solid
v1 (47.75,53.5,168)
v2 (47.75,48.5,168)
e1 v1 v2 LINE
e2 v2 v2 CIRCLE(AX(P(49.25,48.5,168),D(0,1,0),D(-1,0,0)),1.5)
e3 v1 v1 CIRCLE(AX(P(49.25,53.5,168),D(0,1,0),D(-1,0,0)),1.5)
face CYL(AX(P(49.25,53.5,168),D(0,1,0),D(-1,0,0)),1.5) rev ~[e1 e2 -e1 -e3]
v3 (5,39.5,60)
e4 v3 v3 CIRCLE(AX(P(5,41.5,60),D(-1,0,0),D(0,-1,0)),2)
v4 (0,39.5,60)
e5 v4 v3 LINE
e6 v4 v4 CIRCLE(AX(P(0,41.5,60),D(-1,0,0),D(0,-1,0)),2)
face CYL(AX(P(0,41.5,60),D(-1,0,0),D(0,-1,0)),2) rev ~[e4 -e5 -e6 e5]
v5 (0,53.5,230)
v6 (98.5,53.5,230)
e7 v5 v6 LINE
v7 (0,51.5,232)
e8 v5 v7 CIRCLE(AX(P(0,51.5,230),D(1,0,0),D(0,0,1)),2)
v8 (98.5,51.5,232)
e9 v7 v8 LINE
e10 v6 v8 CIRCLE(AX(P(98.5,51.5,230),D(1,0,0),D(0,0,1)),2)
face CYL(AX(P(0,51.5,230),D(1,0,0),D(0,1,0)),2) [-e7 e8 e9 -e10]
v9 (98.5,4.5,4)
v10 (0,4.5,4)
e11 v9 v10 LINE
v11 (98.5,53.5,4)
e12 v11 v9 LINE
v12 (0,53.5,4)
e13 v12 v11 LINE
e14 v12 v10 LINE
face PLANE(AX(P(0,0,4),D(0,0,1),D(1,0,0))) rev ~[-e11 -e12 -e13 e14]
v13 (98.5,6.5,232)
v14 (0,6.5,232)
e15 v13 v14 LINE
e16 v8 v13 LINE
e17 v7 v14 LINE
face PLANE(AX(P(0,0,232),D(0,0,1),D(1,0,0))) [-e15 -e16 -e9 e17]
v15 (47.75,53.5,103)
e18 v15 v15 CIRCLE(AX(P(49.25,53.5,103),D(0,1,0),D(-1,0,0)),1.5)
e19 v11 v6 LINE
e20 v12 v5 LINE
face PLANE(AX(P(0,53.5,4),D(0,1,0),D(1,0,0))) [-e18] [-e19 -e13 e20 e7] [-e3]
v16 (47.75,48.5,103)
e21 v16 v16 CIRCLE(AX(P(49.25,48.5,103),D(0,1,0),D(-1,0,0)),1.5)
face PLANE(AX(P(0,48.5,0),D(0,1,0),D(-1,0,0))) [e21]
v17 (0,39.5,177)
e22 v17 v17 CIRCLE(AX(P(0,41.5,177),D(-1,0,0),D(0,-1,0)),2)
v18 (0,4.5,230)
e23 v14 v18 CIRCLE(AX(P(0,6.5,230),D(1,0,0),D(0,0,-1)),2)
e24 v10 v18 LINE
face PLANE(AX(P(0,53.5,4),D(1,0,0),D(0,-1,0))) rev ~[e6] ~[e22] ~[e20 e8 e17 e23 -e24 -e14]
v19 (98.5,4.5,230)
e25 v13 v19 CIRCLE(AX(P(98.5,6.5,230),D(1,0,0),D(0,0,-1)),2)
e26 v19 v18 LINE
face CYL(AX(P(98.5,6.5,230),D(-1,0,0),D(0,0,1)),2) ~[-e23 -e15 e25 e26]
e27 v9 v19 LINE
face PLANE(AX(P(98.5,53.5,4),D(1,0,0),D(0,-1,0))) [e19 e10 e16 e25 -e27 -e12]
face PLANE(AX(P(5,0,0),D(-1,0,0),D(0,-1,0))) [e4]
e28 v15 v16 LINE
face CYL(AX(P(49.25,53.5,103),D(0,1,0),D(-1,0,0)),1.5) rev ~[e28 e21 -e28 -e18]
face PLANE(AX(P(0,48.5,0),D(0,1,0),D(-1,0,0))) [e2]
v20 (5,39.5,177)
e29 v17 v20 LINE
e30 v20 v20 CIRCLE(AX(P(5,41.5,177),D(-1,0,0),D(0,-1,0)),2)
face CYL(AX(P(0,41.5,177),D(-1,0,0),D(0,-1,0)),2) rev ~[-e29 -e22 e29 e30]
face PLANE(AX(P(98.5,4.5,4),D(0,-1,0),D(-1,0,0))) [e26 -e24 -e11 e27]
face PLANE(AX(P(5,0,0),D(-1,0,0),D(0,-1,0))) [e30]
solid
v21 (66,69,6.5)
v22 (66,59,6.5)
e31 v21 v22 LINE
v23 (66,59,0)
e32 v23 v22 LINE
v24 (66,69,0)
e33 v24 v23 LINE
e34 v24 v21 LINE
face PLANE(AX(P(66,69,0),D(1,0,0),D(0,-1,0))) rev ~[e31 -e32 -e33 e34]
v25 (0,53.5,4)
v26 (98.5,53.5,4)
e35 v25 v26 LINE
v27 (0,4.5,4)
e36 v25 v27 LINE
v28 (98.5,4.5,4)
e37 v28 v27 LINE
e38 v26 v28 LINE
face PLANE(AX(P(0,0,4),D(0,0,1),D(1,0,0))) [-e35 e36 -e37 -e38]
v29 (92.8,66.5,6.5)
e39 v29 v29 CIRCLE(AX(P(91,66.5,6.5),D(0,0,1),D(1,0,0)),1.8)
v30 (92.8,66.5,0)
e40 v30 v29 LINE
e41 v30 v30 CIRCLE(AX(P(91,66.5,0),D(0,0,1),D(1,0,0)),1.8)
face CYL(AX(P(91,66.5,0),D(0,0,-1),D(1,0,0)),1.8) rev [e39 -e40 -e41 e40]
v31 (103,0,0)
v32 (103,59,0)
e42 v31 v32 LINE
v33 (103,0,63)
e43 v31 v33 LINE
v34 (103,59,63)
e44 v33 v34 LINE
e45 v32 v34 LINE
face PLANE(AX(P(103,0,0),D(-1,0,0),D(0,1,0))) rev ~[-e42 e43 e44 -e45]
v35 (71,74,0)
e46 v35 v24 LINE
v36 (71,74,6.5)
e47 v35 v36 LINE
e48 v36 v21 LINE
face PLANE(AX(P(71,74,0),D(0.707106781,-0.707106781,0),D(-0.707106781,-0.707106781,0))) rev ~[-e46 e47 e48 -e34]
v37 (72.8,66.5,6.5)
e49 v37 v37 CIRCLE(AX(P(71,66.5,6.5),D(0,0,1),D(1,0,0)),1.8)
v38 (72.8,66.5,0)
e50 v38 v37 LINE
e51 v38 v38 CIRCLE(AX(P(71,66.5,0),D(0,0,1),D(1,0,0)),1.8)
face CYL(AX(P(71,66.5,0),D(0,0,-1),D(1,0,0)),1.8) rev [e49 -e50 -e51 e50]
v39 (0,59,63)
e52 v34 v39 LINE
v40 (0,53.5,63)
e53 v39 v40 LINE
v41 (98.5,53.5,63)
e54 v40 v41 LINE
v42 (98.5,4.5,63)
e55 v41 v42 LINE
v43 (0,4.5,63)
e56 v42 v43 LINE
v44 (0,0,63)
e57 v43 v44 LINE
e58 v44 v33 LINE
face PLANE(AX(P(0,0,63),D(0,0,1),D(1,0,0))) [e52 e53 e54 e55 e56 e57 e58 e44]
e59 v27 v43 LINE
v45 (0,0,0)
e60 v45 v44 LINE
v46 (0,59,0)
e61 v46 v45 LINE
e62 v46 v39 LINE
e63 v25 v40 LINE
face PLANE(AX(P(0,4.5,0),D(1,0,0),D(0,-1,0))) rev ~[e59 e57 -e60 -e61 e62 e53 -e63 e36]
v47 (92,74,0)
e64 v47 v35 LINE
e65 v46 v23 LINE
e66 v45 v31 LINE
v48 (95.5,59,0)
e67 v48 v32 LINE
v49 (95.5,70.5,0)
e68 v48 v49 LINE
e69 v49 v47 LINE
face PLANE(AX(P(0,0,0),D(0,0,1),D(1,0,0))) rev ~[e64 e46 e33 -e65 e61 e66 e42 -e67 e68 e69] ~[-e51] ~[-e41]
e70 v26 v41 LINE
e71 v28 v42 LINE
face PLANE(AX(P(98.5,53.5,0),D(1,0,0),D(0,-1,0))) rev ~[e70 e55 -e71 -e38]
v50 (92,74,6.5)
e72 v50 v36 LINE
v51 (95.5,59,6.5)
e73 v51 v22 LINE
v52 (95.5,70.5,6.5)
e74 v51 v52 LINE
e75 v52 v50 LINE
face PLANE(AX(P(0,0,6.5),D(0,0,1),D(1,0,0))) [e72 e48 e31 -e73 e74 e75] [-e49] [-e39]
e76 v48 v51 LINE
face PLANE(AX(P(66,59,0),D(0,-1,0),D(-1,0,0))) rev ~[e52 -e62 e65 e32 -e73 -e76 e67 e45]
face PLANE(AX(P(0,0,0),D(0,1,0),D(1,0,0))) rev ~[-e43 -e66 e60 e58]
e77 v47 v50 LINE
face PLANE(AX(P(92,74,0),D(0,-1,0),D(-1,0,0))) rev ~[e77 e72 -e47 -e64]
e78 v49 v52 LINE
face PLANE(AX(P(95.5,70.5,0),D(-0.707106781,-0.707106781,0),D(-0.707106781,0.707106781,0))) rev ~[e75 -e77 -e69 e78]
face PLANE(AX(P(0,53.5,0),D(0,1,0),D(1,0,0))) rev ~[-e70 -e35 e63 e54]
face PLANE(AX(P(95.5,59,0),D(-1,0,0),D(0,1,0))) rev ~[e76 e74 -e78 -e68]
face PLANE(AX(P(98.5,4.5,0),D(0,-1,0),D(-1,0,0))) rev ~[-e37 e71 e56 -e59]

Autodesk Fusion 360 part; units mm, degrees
sketch "base" plane through (0, 0, 0) normal (0, 0, 1) x (1, 0, 0)
  line L0 (0, 0) -> (103, 0)
  line L1 (103, 0) -> (103, 59)
  line L2 (103, 59) -> (0, 59)
  line L3 (0, 59) -> (0, 0)
  line L4 (0, 53.5) -> (98.5, 53.5)
  line L5 (98.5, 53.5) -> (98.5, 4.5)
  line L6 (98.5, 4.5) -> (0, 4.5)
  line L7 (95.5, 59) -> (95.5, 70.5)
  line L8 (95.5, 70.5) -> (92, 74)
  line L9 (92, 74) -> (71, 74)
  line L10 (71, 74) -> (66, 69)
  line L11 (66, 69) -> (66, 59)
  circle A0 centre (91, 66.5) radius 1.8
  circle A1 centre (71, 66.5) radius 1.8
  line L12 (71, 66.5) -> (91, 66.5) construction
  dimension "d1" = 103
  dimension "d2" = 59
  dimension "d3" = 4.5
  dimension "d4" = 5.5
  dimension "d5" = 4.5
  dimension "d6" = 12
  dimension "d7" = 7.5
  dimension "d8" = 20
  dimension "d9" = 15
  dimension "d10" = 5
  dimension "d11" = 135
  dimension "d12" = 3.6
  dimension "d13" = 3.6
  dimension "d14" = 7.5
  dimension "d15" = 5
  dimension "d16" = 3.5
  dimension "d40" = 52
extrude "Extrude1" add sketch "base" along normal blind 63 contours L0 L1 L2 L3 L4 L5 L6 makes body 1
extrude "Extrude2" add sketch "base" along normal blind 4 contours L3 L4 L5 L6 bodies 1
extrude "Extrude3" add sketch "base" along normal blind 6.5 contours L2 L7 L8 L9 L10 L11 bodies 1
extrude "Extrude4" add 1 faces at (65.6667, 37.1667, 4) along direction (0, 0, 1) up to surface (228 mm away) separate body on bodies 1 makes body 2
sketch "mounting_holes" plane through (0, 53.5, 0) normal (0, 1, 0) x (-1, 0, 0)
  line L0 (0, 232) -> (-98.5, 232)
  line L1 (-98.5, 232) -> (-98.5, 4)
  line L2 (-98.5, 4) -> (0, 4)
  line L3 (0, 4) -> (0, 232)
  circle A0 centre (-49.25, 168) radius 1.5
  circle A1 centre (-49.25, 103) radius 1.5
  line L4 (-98.5, 4) -> (-98.5, 232)
  line L5 (0, 232) -> (-98.5, 232)
  line L6 (0, 4) -> (0, 232)
  line L7 (0, 168) -> (-98.5, 168) construction
  line L8 (0, 103) -> (-98.5, 103) construction
  dimension "d28" = 3
  dimension "d29" = 3
  dimension "d31" = 64
  dimension "d32" = 65
extrude "Extrude5" cut sketch "mounting_holes" against normal blind 5 contours A0 | A1 bodies 2
sketch "frame_ mounting_holes" plane through (0, 0, 0) normal (-1, 0, 0) x (0, -1, 0)
  line L0 (-4.5, 232) -> (-53.5, 232)
  line L1 (-53.5, 232) -> (-53.5, 4)
  line L2 (-53.5, 4) -> (-4.5, 4)
  line L3 (-4.5, 4) -> (-4.5, 232)
  line L4 (-53.5, 4) -> (-53.5, 232)
  line L5 (-4.5, 232) -> (-53.5, 232)
  circle A0 centre (-41.5, 177) radius 2
  circle A1 centre (-41.5, 60) radius 2
  line L6 (-41.5, 60) -> (-41.5, 177) construction
  dimension "d35" = 4
  dimension "d36" = 4
  dimension "d37" = 12
  dimension "d38" = 55
  dimension "d39" = 117
extrude "Extrude6" cut sketch "frame_ mounting_holes" against normal blind 5 contours A0 | A1 bodies 2
fillet "Fillet1" radius 2 2 edges at (49.25, 53.5, 232) (49.25, 4.5, 232) on bodies 2
equation "d35 = d36"
